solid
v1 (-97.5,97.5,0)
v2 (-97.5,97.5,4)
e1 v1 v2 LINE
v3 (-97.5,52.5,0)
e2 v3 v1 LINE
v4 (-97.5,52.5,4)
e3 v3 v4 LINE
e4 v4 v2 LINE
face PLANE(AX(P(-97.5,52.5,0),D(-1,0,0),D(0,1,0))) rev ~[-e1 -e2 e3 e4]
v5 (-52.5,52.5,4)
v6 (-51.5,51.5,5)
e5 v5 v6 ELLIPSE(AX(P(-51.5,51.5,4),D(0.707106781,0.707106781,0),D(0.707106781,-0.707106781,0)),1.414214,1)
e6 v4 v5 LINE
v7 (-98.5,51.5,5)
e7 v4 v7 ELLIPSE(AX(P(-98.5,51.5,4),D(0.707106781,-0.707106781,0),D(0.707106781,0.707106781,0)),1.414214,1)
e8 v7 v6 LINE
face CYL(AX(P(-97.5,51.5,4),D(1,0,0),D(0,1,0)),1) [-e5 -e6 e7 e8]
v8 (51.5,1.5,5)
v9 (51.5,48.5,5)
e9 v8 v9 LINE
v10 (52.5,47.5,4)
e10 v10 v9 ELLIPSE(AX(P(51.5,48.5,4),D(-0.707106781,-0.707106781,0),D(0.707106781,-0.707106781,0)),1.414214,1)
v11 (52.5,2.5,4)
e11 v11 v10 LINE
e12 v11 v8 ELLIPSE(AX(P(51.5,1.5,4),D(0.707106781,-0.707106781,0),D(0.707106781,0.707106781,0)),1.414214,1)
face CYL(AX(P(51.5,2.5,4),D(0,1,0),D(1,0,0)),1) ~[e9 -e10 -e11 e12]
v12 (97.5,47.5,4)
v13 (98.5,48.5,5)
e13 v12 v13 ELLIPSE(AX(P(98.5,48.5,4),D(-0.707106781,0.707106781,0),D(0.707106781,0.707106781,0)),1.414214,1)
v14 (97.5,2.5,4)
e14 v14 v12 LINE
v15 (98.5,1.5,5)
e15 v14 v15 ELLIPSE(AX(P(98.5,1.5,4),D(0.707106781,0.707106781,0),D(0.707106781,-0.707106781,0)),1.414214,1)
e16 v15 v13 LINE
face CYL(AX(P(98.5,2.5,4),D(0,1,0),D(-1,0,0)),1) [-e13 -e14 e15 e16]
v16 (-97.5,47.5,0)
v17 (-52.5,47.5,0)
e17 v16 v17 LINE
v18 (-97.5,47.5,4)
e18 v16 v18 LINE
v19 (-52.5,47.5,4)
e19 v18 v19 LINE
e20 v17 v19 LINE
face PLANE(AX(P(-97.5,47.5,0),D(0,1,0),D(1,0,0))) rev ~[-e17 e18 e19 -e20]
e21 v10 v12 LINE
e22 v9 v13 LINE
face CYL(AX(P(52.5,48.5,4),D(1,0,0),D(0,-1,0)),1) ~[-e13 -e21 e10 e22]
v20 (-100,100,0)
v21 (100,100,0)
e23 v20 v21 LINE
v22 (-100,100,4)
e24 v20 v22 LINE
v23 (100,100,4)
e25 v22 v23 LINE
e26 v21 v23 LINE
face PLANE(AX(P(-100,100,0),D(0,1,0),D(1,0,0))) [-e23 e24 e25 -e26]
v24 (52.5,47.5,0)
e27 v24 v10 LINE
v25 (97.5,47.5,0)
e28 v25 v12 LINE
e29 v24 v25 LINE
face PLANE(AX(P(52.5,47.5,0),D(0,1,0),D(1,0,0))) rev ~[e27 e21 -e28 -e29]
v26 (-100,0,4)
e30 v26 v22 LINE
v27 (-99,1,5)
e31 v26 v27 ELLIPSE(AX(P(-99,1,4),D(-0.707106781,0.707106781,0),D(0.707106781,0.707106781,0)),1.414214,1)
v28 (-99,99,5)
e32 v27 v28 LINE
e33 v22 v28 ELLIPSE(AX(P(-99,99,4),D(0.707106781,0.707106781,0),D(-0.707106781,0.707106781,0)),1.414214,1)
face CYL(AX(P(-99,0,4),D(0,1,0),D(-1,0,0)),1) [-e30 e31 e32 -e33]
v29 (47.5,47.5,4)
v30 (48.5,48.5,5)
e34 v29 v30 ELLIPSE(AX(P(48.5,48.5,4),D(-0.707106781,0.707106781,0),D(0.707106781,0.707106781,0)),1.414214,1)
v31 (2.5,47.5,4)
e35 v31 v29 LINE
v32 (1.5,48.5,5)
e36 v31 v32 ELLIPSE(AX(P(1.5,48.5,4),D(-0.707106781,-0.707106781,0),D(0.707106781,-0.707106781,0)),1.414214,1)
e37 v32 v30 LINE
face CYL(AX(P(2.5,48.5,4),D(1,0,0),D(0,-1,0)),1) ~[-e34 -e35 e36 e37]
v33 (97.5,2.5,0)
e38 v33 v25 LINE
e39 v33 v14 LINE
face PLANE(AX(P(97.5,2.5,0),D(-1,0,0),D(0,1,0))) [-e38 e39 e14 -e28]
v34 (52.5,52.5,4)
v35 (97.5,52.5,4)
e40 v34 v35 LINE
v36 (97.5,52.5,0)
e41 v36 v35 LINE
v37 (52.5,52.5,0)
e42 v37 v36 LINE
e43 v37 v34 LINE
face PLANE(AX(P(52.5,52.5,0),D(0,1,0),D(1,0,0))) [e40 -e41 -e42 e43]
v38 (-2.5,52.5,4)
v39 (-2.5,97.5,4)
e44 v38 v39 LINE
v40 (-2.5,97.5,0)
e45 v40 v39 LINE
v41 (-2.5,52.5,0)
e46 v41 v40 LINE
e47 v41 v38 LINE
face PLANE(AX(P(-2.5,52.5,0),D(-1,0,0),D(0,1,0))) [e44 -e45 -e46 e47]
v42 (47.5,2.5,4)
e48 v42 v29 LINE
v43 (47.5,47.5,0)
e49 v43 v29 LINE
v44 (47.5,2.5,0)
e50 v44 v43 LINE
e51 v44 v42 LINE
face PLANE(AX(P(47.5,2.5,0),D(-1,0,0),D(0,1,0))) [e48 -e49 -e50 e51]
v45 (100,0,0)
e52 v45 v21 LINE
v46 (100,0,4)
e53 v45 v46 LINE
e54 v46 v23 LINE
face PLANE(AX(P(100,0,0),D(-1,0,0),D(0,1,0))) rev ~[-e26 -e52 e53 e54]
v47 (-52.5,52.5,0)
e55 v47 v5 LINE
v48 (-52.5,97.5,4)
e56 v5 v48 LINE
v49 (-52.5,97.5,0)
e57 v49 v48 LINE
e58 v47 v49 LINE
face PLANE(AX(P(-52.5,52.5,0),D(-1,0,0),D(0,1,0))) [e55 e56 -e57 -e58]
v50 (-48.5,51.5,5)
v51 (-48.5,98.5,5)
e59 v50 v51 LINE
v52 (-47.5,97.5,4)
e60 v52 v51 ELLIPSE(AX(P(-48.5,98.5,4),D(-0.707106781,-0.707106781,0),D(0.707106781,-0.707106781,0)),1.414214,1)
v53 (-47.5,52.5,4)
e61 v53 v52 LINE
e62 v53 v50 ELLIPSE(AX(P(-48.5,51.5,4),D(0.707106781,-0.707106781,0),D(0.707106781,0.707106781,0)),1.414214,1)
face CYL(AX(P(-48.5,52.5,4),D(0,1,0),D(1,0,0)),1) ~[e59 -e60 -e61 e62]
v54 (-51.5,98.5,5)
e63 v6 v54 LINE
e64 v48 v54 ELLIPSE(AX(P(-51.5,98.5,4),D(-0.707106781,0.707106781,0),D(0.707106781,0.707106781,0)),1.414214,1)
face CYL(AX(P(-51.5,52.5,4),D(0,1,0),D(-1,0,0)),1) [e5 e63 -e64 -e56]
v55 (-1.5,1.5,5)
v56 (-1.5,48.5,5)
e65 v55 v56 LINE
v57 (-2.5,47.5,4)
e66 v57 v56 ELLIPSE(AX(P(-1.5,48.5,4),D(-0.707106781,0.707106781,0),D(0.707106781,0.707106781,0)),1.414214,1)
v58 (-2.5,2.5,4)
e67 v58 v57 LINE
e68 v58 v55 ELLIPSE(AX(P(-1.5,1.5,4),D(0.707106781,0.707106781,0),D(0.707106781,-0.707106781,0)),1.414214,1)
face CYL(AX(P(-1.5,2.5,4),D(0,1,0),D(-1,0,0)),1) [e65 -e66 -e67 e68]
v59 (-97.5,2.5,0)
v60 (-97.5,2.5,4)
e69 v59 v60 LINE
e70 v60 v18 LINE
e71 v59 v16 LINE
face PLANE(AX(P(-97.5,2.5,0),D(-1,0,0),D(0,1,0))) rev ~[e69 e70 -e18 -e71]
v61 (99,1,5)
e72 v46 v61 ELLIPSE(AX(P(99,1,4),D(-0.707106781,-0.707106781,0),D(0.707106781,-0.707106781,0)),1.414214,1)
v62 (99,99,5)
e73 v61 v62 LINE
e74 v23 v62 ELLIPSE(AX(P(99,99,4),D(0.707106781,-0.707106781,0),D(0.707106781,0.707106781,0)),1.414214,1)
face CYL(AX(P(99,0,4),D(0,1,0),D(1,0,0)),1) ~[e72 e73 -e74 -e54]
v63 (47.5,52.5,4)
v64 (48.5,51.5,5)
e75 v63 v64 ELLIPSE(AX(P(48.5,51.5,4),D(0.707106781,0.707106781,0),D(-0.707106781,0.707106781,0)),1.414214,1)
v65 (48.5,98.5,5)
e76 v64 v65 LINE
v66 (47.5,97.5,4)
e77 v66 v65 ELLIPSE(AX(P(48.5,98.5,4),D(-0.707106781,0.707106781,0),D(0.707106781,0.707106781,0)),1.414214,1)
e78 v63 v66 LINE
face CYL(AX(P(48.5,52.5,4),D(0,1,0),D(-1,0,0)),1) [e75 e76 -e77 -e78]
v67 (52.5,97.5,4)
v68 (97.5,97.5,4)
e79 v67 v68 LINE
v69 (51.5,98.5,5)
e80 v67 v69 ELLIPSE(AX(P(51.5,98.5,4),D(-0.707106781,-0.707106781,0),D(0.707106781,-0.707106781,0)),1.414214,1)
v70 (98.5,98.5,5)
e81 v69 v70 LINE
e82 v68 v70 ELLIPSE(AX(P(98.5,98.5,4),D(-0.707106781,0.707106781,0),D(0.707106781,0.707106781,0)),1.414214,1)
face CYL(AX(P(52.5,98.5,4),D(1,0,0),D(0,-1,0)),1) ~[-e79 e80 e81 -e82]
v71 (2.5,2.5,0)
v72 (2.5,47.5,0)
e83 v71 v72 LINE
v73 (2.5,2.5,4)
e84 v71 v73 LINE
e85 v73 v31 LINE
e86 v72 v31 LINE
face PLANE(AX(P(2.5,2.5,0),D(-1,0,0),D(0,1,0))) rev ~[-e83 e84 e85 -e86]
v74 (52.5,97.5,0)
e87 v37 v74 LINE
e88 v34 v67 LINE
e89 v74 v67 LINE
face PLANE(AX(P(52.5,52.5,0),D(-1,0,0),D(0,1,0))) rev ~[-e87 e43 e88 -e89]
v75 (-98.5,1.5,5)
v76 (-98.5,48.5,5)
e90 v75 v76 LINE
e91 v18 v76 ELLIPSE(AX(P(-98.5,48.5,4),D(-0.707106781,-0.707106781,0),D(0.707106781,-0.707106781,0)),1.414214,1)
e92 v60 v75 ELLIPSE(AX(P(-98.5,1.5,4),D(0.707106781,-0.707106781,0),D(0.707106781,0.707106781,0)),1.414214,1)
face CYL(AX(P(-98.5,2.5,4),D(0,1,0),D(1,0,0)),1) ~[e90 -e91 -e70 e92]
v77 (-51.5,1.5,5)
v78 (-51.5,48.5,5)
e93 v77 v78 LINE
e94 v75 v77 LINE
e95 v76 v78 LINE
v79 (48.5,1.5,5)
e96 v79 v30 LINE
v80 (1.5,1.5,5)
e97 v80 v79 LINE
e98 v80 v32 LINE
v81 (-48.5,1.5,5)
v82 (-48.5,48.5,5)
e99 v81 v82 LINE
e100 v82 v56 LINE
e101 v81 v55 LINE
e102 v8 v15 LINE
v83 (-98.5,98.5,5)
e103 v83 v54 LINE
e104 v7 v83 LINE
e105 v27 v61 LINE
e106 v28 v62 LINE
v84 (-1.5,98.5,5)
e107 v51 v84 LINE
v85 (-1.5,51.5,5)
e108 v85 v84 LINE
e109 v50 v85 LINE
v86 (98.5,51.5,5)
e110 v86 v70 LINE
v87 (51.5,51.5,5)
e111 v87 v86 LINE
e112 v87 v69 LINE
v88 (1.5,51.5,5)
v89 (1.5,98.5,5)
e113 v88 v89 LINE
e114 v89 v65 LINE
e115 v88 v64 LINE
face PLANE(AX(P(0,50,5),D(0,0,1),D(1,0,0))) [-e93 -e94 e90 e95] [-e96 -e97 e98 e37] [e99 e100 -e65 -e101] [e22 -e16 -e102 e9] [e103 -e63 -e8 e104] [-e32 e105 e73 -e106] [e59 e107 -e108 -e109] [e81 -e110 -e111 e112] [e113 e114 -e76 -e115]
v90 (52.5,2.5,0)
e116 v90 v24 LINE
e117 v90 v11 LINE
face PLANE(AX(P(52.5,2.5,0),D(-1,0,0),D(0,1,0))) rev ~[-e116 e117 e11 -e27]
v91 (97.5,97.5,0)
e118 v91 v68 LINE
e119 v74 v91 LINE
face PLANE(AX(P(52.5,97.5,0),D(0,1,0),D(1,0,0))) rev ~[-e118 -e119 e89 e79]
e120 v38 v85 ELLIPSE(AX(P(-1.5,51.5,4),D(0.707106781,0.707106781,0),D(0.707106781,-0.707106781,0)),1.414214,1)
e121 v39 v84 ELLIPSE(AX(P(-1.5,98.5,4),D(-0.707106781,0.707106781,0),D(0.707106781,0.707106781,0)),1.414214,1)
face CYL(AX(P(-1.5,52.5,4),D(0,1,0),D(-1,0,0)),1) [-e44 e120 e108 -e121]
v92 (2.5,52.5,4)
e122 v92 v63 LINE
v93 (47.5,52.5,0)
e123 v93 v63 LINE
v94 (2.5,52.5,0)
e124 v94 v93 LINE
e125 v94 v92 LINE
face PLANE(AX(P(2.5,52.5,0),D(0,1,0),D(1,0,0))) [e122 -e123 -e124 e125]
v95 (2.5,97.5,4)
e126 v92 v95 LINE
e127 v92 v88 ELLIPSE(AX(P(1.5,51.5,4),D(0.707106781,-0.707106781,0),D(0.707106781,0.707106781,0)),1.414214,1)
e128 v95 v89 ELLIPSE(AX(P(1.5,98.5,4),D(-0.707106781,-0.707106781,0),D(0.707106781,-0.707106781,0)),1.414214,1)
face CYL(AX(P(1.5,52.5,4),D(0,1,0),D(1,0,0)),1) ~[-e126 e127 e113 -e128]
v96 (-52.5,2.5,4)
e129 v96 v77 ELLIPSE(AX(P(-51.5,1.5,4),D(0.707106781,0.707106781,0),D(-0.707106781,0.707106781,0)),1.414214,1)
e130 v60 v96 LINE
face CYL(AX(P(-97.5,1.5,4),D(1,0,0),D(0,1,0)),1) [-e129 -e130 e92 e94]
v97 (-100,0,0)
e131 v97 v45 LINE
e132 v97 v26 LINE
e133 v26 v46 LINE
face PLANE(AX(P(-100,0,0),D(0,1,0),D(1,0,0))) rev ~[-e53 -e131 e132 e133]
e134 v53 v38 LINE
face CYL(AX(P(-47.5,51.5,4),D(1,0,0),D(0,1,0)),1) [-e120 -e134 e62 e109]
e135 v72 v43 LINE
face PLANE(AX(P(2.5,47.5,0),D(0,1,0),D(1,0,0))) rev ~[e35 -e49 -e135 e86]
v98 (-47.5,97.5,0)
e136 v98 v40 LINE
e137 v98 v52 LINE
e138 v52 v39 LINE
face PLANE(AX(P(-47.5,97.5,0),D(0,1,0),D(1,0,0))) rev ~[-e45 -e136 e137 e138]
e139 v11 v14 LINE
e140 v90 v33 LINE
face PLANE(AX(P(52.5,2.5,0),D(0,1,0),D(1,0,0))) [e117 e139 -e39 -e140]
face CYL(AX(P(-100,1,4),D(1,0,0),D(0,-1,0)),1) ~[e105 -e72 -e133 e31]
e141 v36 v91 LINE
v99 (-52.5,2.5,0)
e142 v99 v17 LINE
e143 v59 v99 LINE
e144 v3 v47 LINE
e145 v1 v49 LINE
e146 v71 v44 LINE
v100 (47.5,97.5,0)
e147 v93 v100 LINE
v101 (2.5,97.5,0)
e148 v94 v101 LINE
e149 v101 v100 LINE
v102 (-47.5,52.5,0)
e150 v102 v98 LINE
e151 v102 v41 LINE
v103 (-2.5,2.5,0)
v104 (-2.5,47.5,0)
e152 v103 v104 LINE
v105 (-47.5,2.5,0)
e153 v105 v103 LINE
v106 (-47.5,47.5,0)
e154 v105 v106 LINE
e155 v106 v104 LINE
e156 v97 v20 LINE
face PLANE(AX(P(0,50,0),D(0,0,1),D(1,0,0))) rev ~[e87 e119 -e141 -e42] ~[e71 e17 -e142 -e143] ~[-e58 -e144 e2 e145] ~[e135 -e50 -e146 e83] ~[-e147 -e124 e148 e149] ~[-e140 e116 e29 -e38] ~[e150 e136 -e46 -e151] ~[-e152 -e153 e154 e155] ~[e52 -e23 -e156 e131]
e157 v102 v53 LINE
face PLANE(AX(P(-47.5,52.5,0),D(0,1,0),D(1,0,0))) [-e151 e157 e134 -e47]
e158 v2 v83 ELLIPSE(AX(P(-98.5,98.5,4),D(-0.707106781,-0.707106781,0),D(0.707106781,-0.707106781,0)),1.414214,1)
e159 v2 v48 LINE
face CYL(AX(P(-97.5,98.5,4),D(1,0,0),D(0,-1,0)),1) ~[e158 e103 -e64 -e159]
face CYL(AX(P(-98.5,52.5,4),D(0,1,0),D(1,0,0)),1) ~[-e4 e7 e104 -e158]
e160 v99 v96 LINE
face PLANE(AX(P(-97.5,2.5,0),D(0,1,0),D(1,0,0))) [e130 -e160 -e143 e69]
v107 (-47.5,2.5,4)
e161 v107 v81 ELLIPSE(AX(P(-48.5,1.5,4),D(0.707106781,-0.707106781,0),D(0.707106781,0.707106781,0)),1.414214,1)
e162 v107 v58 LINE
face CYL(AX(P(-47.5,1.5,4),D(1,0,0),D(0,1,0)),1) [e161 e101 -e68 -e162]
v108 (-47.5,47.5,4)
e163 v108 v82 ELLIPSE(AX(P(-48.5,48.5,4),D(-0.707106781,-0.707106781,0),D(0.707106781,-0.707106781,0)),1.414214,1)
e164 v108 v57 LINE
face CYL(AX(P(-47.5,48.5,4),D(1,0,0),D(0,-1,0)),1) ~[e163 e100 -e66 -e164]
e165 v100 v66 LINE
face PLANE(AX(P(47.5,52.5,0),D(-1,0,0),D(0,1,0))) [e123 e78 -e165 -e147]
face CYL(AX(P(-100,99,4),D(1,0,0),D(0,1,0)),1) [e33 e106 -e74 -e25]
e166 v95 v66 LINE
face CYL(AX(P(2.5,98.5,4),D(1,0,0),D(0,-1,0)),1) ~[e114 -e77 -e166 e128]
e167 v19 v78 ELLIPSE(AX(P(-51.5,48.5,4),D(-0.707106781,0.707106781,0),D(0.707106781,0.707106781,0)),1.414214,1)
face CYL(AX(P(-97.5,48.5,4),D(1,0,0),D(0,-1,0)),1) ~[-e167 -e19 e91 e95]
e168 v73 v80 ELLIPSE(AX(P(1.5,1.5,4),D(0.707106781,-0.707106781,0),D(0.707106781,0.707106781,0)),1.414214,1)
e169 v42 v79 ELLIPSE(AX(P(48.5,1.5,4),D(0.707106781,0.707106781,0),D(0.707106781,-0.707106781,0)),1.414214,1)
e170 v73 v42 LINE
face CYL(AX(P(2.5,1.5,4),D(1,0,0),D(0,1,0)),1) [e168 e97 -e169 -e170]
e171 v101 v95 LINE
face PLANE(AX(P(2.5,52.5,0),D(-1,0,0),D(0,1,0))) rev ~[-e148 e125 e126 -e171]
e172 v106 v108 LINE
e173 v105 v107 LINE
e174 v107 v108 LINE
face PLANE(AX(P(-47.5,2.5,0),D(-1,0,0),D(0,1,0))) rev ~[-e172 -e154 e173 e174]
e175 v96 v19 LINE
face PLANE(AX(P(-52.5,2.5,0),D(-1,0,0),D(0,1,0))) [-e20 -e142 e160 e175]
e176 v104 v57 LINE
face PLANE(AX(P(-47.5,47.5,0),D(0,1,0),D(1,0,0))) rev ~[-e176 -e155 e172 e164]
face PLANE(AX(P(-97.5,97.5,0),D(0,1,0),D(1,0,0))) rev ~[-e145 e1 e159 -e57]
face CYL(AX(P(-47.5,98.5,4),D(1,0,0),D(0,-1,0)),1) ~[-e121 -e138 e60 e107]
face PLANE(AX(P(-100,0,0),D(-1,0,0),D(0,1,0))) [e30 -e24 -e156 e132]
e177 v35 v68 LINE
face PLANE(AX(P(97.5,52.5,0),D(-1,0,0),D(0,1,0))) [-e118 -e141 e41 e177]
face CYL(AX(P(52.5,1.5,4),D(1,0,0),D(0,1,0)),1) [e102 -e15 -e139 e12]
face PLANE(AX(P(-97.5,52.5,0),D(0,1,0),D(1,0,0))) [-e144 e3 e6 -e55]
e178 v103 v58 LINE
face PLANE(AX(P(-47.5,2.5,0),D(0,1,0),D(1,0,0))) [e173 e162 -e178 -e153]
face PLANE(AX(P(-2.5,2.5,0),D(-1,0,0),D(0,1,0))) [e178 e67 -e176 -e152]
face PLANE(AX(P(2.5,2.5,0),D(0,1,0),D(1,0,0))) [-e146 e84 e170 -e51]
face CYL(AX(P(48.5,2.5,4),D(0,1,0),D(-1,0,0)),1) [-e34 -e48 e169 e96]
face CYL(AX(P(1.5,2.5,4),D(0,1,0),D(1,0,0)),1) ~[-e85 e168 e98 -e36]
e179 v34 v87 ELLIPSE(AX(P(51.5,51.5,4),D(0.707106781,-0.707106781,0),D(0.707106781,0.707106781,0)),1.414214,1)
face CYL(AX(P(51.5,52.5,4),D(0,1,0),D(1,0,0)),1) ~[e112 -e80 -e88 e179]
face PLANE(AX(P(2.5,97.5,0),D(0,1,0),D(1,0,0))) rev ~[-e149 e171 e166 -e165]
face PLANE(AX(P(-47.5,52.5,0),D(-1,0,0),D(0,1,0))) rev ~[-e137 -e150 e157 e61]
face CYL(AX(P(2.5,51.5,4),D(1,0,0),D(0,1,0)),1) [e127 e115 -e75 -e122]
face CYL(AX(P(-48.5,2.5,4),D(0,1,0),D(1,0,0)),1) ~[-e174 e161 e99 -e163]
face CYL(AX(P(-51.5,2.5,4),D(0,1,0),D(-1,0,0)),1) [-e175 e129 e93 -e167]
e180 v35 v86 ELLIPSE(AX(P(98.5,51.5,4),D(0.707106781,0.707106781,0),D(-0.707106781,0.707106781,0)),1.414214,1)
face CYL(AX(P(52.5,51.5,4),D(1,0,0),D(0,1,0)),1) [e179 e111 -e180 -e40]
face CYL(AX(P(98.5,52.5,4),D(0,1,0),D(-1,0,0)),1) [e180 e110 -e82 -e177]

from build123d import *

# Parameters (mm, degrees)
SKETCH2_W           = 200
SKETCH2_H           = 100
SKETCH2_W_2         = 45
SKETCH2_H_2         = 45
BOSS_EXTRUDE1_DEPTH = 5
FILLET2_R           = 1


with BuildPart() as part:
    # Sketch2 → Boss-Extrude1 (new body)
    with BuildSketch(Plane.XY):
        with Locations((0, 50)):
            Rectangle(SKETCH2_W, SKETCH2_H)
        with Locations((-75, 75)):
            Rectangle(SKETCH2_W_2, SKETCH2_H_2, mode=Mode.SUBTRACT)
        with Locations((-25, 75)):
            Rectangle(SKETCH2_W_2, SKETCH2_H_2, mode=Mode.SUBTRACT)
        with Locations((75, 25)):
            Rectangle(SKETCH2_W_2, SKETCH2_H_2, mode=Mode.SUBTRACT)
        with Locations((25, 75)):
            Rectangle(SKETCH2_W_2, SKETCH2_H_2, mode=Mode.SUBTRACT)
        with Locations((75, 75)):
            Rectangle(SKETCH2_W_2, SKETCH2_H_2, mode=Mode.SUBTRACT)
        with Locations((-75, 25)):
            Rectangle(SKETCH2_W_2, SKETCH2_H_2, mode=Mode.SUBTRACT)
        with Locations((-25, 25)):
            Rectangle(SKETCH2_W_2, SKETCH2_H_2, mode=Mode.SUBTRACT)
        with Locations((25, 25)):
            Rectangle(SKETCH2_W_2, SKETCH2_H_2, mode=Mode.SUBTRACT)
    extrude(amount=BOSS_EXTRUDE1_DEPTH)

    # Fillet2
    fillet2_edges = [part.edges().sort_by_distance(p)[0] for p in [
        (-75, 97.5, 5),
        (-97.5, 75, 5),
        (-75, 52.5, 5),
        (-52.5, 75, 5),
        (-100, 50, 5),
        (-25, 47.5, 5),
        (0, 0, 5),
        (-47.5, 25, 5),
        (-25, 2.5, 5),
        (-2.5, 25, 5),
        (25, 47.5, 5),
        (2.5, 25, 5),
        (25, 2.5, 5),
        (47.5, 25, 5),
        (75, 47.5, 5),
        (52.5, 25, 5),
        (75, 2.5, 5),
        (97.5, 25, 5),
        (100, 50, 5),
        (-25, 97.5, 5),
        (-47.5, 75, 5),
        (-25, 52.5, 5),
        (-2.5, 75, 5),
        (47.5, 75, 5),
        (25, 97.5, 5),
        (2.5, 75, 5),
        (25, 52.5, 5),
        (97.5, 75, 5),
        (75, 97.5, 5),
        (52.5, 75, 5),
        (75, 52.5, 5),
        (0, 100, 5),
        (-52.5, 25, 5),
        (-75, 47.5, 5),
        (-97.5, 25, 5),
        (-75, 2.5, 5),
    ]]
    fillet(fillet2_edges, radius=FILLET2_R)


solid = part.part
